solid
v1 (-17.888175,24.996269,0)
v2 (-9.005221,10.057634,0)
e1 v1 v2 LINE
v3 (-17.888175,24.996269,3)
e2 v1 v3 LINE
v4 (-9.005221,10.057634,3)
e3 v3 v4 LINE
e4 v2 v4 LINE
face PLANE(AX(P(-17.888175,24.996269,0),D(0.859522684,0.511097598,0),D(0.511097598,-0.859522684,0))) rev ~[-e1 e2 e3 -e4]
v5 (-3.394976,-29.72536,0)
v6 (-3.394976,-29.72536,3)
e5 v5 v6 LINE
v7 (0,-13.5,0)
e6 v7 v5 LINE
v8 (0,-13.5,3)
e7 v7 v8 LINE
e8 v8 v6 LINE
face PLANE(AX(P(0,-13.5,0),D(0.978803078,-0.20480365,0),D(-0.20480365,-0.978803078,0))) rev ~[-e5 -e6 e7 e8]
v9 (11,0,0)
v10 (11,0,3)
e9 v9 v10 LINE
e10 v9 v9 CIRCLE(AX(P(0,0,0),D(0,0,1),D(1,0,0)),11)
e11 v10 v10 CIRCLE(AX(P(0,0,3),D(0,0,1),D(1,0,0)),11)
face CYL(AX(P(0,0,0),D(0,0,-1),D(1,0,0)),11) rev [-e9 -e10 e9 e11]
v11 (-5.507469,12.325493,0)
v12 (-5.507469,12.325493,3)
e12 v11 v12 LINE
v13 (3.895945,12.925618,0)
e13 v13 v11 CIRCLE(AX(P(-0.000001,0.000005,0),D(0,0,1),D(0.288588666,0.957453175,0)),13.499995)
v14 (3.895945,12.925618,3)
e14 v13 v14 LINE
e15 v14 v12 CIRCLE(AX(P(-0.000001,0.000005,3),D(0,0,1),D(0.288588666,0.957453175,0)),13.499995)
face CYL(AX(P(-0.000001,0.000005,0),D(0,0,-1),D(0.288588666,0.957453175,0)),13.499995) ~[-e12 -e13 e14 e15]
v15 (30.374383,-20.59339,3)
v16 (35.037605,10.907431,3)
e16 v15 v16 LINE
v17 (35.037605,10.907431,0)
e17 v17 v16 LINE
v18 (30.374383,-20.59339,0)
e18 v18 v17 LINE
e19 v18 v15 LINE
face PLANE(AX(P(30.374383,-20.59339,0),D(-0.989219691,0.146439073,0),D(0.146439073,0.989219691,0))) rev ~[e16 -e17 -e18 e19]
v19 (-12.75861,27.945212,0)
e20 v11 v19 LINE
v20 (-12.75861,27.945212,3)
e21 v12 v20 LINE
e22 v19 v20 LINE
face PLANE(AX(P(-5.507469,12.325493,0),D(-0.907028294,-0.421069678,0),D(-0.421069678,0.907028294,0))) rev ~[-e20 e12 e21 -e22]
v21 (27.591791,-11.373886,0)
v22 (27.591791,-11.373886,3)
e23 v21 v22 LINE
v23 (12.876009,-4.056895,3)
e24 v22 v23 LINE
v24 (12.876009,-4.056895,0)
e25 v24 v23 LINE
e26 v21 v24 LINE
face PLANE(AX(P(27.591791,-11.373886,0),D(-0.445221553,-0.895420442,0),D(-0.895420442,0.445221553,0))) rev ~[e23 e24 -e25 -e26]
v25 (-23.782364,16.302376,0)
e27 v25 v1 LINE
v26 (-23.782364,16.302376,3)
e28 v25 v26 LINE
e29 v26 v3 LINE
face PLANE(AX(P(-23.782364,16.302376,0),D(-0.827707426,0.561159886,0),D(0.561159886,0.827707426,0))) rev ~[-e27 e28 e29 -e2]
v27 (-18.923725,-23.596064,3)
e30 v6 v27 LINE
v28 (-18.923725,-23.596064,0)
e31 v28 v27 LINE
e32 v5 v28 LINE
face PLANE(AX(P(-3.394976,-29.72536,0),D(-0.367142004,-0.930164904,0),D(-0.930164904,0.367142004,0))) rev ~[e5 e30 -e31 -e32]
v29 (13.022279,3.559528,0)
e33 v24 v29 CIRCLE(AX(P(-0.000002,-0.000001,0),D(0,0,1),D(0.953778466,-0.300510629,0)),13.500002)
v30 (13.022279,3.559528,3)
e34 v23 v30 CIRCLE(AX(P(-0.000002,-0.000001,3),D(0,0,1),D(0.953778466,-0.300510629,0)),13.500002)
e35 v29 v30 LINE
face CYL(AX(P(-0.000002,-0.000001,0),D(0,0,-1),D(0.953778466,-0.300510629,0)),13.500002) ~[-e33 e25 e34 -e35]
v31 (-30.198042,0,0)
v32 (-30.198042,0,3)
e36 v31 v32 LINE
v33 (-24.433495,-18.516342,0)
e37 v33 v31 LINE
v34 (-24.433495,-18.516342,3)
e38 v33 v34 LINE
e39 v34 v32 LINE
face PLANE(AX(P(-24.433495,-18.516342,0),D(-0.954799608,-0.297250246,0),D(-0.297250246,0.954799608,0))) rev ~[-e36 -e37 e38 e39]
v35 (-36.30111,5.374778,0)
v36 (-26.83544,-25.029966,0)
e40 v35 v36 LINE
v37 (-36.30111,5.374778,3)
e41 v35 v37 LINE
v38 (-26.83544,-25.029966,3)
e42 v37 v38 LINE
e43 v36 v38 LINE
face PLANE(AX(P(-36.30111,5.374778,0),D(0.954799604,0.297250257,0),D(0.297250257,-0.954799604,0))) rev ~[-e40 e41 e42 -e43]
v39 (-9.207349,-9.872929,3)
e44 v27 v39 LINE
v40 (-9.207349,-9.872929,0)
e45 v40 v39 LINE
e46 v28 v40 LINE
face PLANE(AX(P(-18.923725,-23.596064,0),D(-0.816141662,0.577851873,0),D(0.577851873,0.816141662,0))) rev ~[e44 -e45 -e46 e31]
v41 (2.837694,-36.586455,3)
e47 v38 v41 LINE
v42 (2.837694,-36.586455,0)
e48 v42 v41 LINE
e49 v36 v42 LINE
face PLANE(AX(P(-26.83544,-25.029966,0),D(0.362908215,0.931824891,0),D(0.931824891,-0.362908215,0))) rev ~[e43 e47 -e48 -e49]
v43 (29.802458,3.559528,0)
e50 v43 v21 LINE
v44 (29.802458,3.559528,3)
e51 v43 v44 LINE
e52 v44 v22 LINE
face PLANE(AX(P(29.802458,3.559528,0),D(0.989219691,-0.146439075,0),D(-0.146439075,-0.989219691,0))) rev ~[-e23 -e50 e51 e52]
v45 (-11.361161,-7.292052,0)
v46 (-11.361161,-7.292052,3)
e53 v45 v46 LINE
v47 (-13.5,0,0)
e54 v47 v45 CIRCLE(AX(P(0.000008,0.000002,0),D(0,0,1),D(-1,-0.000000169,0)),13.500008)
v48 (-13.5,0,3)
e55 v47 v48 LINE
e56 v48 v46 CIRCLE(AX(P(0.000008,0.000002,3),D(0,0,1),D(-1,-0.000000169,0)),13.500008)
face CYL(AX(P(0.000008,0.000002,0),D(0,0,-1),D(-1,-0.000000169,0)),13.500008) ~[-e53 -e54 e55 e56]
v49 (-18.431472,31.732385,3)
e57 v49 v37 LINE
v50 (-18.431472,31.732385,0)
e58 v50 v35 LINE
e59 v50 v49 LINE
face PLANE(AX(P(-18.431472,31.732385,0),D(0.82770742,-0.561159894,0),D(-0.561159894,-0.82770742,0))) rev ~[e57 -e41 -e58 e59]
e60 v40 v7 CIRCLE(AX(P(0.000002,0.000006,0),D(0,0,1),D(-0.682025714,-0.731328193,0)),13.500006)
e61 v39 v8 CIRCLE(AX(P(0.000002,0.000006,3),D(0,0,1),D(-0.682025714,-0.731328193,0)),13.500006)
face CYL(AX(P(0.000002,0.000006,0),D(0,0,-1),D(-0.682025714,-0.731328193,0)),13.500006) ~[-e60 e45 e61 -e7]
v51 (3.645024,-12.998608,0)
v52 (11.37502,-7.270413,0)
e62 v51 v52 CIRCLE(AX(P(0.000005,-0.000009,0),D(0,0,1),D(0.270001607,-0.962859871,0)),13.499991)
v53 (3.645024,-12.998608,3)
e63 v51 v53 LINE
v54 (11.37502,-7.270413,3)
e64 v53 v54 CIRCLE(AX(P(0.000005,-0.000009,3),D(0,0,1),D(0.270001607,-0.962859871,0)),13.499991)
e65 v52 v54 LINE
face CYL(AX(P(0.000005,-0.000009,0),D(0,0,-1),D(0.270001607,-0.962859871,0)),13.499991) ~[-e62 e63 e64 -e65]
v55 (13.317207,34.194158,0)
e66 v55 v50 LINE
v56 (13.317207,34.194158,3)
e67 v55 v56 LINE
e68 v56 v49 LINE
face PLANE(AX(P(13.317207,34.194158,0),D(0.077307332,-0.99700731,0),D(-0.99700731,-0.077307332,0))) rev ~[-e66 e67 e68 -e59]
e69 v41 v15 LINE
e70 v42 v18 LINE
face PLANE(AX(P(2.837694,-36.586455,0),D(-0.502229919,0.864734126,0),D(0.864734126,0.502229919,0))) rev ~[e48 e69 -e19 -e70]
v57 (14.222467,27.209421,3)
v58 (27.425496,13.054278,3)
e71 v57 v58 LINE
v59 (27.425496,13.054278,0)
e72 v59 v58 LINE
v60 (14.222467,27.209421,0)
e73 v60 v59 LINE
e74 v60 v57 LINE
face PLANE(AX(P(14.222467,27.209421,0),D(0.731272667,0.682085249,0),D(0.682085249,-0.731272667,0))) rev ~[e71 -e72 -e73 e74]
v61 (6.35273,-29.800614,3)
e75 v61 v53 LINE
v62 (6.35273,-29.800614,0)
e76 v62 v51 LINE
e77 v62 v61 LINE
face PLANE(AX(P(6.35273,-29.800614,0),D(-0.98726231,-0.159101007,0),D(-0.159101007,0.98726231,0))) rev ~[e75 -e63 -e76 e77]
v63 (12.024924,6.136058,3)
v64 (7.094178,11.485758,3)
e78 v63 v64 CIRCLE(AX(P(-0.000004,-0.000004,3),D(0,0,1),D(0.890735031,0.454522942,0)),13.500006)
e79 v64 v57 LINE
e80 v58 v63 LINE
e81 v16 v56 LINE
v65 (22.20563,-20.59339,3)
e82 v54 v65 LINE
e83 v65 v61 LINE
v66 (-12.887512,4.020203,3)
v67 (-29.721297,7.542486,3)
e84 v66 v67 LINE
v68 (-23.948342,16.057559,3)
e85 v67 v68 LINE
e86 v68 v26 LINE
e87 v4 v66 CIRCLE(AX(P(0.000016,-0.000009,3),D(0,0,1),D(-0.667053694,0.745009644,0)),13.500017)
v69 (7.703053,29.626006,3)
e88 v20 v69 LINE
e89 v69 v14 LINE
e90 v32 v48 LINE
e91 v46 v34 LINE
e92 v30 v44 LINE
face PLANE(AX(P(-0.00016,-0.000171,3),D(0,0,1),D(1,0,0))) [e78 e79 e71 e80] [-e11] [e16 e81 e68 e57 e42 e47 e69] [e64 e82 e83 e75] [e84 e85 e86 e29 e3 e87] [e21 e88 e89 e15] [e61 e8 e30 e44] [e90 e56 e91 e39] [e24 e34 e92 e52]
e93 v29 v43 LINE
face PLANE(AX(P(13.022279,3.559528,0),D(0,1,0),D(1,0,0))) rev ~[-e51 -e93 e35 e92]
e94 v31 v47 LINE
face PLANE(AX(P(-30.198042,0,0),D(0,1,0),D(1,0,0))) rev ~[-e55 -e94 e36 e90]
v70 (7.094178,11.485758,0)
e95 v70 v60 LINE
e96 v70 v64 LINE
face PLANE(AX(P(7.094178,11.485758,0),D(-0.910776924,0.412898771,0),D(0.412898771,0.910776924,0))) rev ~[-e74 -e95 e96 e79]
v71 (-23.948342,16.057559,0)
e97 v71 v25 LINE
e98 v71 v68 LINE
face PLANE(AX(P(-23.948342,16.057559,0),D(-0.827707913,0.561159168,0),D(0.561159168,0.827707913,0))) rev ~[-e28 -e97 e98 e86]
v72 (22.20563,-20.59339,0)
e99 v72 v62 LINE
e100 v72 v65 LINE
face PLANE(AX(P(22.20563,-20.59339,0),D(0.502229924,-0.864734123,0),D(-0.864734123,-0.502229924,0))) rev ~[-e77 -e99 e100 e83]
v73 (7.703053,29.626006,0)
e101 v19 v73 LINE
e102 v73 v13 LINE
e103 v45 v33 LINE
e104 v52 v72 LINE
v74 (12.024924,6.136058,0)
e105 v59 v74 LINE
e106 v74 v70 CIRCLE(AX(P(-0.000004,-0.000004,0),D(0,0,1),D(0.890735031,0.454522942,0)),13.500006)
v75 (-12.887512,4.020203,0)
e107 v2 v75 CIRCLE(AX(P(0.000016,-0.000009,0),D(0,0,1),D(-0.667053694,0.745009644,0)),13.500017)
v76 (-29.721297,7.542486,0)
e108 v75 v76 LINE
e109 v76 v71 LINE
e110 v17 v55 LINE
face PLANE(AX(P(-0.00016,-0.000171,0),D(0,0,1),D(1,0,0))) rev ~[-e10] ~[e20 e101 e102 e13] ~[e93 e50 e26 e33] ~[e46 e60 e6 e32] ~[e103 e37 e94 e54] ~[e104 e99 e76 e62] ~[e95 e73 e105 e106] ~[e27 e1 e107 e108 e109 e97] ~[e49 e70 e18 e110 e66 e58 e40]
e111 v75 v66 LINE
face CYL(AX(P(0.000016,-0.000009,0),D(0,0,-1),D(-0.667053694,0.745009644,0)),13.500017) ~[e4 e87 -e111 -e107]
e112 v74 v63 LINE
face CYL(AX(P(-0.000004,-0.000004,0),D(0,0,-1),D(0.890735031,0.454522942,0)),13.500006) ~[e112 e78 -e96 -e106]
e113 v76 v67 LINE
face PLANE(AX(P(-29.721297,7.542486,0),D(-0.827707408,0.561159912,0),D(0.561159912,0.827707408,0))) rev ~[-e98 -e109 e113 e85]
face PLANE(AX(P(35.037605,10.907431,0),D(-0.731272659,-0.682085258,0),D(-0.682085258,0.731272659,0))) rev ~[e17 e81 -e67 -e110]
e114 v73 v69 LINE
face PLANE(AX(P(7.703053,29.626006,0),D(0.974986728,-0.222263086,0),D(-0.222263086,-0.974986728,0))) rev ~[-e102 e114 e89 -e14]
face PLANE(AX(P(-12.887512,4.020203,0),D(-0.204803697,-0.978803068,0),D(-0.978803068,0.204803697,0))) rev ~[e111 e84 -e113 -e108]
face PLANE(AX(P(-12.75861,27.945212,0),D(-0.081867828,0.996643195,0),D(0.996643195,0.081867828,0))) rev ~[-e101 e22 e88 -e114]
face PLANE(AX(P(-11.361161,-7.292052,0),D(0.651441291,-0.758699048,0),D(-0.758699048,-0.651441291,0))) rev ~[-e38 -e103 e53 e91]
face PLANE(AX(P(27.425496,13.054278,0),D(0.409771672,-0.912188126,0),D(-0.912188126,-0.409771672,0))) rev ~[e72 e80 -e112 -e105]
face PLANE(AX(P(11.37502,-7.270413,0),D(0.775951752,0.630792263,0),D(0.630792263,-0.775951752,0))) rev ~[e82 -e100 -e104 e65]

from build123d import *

# Parameters (mm, degrees)
F0_R     = 11
F1_DEPTH = 3


with BuildPart() as f1:
    # F0 (on Top) → F1 (new body)
    with BuildSketch(Plane.XY):
        Polygon((2.837694, -36.586455), (30.374383, -20.59339), (35.037605, 10.907431), (13.317207, 34.194158), (-18.431472, 31.732385), (-36.30111, 5.374778), (-26.83544, -25.029966), align=None)
        with BuildLine():
            Line((-18.923725, -23.596064), (-9.207349, -9.872929))
            ThreePointArc((-9.207349, -9.872929), (-4.948002, -12.560544), (0, -13.5))
            Line((0, -13.5), (-3.394976, -29.72536))
            Line((-3.394976, -29.72536), (-18.923725, -23.596064))
        make_face(mode=Mode.SUBTRACT)
        with BuildLine():
            Line((-24.433495, -18.516342), (-30.198042, 0))
            Line((-30.198042, 0), (-13.5, 0))
            ThreePointArc((-13.5, 0), (-12.954259, -3.799627), (-11.361161, -7.292052))
            Line((-11.361161, -7.292052), (-24.433495, -18.516342))
        make_face(mode=Mode.SUBTRACT)
        with BuildLine():
            Line((22.20563, -20.59339), (6.35273, -29.800614))
            Line((6.35273, -29.800614), (3.645024, -12.998608))
            ThreePointArc((3.645024, -12.998608), (8.03763, -10.846498), (11.37502, -7.270413))
            Line((11.37502, -7.270413), (22.20563, -20.59339))
        make_face(mode=Mode.SUBTRACT)
        with BuildLine():
            Line((29.802458, 3.559528), (27.591791, -11.373886))
            Line((27.591791, -11.373886), (12.876009, -4.056895))
            ThreePointArc((12.876009, -4.056895), (13.497511, -0.259214), (13.022279, 3.559528))
            Line((13.022279, 3.559528), (29.802458, 3.559528))
        make_face(mode=Mode.SUBTRACT)
        with BuildLine():
            Line((-23.782364, 16.302376), (-17.888175, 24.996269))
            Line((-17.888175, 24.996269), (-9.005221, 10.057634))
            ThreePointArc((-9.005221, 10.057634), (-11.35498, 7.301672), (-12.887512, 4.020203))
            Line((-12.887512, 4.020203), (-29.721297, 7.542486))
            Line((-29.721297, 7.542486), (-23.948342, 16.057559))
            Line((-23.948342, 16.057559), (-23.782364, 16.302376))
        make_face(mode=Mode.SUBTRACT)
        with BuildLine():
            Line((-12.75861, 27.945212), (7.703053, 29.626006))
            Line((7.703053, 29.626006), (3.895945, 12.925618))
            ThreePointArc((3.895945, 12.925618), (-0.85982, 13.472591), (-5.507469, 12.325493))
            Line((-5.507469, 12.325493), (-12.75861, 27.945212))
        make_face(mode=Mode.SUBTRACT)
        Circle(F0_R, mode=Mode.SUBTRACT)
        with BuildLine():
            Line((14.222467, 27.209421), (27.425496, 13.054278))
            Line((27.425496, 13.054278), (12.024924, 6.136058))
            ThreePointArc((12.024924, 6.136058), (9.926723, 9.149326), (7.094178, 11.485758))
            Line((7.094178, 11.485758), (14.222467, 27.209421))
        make_face(mode=Mode.SUBTRACT)
    extrude(amount=F1_DEPTH)


solid = f1.part
